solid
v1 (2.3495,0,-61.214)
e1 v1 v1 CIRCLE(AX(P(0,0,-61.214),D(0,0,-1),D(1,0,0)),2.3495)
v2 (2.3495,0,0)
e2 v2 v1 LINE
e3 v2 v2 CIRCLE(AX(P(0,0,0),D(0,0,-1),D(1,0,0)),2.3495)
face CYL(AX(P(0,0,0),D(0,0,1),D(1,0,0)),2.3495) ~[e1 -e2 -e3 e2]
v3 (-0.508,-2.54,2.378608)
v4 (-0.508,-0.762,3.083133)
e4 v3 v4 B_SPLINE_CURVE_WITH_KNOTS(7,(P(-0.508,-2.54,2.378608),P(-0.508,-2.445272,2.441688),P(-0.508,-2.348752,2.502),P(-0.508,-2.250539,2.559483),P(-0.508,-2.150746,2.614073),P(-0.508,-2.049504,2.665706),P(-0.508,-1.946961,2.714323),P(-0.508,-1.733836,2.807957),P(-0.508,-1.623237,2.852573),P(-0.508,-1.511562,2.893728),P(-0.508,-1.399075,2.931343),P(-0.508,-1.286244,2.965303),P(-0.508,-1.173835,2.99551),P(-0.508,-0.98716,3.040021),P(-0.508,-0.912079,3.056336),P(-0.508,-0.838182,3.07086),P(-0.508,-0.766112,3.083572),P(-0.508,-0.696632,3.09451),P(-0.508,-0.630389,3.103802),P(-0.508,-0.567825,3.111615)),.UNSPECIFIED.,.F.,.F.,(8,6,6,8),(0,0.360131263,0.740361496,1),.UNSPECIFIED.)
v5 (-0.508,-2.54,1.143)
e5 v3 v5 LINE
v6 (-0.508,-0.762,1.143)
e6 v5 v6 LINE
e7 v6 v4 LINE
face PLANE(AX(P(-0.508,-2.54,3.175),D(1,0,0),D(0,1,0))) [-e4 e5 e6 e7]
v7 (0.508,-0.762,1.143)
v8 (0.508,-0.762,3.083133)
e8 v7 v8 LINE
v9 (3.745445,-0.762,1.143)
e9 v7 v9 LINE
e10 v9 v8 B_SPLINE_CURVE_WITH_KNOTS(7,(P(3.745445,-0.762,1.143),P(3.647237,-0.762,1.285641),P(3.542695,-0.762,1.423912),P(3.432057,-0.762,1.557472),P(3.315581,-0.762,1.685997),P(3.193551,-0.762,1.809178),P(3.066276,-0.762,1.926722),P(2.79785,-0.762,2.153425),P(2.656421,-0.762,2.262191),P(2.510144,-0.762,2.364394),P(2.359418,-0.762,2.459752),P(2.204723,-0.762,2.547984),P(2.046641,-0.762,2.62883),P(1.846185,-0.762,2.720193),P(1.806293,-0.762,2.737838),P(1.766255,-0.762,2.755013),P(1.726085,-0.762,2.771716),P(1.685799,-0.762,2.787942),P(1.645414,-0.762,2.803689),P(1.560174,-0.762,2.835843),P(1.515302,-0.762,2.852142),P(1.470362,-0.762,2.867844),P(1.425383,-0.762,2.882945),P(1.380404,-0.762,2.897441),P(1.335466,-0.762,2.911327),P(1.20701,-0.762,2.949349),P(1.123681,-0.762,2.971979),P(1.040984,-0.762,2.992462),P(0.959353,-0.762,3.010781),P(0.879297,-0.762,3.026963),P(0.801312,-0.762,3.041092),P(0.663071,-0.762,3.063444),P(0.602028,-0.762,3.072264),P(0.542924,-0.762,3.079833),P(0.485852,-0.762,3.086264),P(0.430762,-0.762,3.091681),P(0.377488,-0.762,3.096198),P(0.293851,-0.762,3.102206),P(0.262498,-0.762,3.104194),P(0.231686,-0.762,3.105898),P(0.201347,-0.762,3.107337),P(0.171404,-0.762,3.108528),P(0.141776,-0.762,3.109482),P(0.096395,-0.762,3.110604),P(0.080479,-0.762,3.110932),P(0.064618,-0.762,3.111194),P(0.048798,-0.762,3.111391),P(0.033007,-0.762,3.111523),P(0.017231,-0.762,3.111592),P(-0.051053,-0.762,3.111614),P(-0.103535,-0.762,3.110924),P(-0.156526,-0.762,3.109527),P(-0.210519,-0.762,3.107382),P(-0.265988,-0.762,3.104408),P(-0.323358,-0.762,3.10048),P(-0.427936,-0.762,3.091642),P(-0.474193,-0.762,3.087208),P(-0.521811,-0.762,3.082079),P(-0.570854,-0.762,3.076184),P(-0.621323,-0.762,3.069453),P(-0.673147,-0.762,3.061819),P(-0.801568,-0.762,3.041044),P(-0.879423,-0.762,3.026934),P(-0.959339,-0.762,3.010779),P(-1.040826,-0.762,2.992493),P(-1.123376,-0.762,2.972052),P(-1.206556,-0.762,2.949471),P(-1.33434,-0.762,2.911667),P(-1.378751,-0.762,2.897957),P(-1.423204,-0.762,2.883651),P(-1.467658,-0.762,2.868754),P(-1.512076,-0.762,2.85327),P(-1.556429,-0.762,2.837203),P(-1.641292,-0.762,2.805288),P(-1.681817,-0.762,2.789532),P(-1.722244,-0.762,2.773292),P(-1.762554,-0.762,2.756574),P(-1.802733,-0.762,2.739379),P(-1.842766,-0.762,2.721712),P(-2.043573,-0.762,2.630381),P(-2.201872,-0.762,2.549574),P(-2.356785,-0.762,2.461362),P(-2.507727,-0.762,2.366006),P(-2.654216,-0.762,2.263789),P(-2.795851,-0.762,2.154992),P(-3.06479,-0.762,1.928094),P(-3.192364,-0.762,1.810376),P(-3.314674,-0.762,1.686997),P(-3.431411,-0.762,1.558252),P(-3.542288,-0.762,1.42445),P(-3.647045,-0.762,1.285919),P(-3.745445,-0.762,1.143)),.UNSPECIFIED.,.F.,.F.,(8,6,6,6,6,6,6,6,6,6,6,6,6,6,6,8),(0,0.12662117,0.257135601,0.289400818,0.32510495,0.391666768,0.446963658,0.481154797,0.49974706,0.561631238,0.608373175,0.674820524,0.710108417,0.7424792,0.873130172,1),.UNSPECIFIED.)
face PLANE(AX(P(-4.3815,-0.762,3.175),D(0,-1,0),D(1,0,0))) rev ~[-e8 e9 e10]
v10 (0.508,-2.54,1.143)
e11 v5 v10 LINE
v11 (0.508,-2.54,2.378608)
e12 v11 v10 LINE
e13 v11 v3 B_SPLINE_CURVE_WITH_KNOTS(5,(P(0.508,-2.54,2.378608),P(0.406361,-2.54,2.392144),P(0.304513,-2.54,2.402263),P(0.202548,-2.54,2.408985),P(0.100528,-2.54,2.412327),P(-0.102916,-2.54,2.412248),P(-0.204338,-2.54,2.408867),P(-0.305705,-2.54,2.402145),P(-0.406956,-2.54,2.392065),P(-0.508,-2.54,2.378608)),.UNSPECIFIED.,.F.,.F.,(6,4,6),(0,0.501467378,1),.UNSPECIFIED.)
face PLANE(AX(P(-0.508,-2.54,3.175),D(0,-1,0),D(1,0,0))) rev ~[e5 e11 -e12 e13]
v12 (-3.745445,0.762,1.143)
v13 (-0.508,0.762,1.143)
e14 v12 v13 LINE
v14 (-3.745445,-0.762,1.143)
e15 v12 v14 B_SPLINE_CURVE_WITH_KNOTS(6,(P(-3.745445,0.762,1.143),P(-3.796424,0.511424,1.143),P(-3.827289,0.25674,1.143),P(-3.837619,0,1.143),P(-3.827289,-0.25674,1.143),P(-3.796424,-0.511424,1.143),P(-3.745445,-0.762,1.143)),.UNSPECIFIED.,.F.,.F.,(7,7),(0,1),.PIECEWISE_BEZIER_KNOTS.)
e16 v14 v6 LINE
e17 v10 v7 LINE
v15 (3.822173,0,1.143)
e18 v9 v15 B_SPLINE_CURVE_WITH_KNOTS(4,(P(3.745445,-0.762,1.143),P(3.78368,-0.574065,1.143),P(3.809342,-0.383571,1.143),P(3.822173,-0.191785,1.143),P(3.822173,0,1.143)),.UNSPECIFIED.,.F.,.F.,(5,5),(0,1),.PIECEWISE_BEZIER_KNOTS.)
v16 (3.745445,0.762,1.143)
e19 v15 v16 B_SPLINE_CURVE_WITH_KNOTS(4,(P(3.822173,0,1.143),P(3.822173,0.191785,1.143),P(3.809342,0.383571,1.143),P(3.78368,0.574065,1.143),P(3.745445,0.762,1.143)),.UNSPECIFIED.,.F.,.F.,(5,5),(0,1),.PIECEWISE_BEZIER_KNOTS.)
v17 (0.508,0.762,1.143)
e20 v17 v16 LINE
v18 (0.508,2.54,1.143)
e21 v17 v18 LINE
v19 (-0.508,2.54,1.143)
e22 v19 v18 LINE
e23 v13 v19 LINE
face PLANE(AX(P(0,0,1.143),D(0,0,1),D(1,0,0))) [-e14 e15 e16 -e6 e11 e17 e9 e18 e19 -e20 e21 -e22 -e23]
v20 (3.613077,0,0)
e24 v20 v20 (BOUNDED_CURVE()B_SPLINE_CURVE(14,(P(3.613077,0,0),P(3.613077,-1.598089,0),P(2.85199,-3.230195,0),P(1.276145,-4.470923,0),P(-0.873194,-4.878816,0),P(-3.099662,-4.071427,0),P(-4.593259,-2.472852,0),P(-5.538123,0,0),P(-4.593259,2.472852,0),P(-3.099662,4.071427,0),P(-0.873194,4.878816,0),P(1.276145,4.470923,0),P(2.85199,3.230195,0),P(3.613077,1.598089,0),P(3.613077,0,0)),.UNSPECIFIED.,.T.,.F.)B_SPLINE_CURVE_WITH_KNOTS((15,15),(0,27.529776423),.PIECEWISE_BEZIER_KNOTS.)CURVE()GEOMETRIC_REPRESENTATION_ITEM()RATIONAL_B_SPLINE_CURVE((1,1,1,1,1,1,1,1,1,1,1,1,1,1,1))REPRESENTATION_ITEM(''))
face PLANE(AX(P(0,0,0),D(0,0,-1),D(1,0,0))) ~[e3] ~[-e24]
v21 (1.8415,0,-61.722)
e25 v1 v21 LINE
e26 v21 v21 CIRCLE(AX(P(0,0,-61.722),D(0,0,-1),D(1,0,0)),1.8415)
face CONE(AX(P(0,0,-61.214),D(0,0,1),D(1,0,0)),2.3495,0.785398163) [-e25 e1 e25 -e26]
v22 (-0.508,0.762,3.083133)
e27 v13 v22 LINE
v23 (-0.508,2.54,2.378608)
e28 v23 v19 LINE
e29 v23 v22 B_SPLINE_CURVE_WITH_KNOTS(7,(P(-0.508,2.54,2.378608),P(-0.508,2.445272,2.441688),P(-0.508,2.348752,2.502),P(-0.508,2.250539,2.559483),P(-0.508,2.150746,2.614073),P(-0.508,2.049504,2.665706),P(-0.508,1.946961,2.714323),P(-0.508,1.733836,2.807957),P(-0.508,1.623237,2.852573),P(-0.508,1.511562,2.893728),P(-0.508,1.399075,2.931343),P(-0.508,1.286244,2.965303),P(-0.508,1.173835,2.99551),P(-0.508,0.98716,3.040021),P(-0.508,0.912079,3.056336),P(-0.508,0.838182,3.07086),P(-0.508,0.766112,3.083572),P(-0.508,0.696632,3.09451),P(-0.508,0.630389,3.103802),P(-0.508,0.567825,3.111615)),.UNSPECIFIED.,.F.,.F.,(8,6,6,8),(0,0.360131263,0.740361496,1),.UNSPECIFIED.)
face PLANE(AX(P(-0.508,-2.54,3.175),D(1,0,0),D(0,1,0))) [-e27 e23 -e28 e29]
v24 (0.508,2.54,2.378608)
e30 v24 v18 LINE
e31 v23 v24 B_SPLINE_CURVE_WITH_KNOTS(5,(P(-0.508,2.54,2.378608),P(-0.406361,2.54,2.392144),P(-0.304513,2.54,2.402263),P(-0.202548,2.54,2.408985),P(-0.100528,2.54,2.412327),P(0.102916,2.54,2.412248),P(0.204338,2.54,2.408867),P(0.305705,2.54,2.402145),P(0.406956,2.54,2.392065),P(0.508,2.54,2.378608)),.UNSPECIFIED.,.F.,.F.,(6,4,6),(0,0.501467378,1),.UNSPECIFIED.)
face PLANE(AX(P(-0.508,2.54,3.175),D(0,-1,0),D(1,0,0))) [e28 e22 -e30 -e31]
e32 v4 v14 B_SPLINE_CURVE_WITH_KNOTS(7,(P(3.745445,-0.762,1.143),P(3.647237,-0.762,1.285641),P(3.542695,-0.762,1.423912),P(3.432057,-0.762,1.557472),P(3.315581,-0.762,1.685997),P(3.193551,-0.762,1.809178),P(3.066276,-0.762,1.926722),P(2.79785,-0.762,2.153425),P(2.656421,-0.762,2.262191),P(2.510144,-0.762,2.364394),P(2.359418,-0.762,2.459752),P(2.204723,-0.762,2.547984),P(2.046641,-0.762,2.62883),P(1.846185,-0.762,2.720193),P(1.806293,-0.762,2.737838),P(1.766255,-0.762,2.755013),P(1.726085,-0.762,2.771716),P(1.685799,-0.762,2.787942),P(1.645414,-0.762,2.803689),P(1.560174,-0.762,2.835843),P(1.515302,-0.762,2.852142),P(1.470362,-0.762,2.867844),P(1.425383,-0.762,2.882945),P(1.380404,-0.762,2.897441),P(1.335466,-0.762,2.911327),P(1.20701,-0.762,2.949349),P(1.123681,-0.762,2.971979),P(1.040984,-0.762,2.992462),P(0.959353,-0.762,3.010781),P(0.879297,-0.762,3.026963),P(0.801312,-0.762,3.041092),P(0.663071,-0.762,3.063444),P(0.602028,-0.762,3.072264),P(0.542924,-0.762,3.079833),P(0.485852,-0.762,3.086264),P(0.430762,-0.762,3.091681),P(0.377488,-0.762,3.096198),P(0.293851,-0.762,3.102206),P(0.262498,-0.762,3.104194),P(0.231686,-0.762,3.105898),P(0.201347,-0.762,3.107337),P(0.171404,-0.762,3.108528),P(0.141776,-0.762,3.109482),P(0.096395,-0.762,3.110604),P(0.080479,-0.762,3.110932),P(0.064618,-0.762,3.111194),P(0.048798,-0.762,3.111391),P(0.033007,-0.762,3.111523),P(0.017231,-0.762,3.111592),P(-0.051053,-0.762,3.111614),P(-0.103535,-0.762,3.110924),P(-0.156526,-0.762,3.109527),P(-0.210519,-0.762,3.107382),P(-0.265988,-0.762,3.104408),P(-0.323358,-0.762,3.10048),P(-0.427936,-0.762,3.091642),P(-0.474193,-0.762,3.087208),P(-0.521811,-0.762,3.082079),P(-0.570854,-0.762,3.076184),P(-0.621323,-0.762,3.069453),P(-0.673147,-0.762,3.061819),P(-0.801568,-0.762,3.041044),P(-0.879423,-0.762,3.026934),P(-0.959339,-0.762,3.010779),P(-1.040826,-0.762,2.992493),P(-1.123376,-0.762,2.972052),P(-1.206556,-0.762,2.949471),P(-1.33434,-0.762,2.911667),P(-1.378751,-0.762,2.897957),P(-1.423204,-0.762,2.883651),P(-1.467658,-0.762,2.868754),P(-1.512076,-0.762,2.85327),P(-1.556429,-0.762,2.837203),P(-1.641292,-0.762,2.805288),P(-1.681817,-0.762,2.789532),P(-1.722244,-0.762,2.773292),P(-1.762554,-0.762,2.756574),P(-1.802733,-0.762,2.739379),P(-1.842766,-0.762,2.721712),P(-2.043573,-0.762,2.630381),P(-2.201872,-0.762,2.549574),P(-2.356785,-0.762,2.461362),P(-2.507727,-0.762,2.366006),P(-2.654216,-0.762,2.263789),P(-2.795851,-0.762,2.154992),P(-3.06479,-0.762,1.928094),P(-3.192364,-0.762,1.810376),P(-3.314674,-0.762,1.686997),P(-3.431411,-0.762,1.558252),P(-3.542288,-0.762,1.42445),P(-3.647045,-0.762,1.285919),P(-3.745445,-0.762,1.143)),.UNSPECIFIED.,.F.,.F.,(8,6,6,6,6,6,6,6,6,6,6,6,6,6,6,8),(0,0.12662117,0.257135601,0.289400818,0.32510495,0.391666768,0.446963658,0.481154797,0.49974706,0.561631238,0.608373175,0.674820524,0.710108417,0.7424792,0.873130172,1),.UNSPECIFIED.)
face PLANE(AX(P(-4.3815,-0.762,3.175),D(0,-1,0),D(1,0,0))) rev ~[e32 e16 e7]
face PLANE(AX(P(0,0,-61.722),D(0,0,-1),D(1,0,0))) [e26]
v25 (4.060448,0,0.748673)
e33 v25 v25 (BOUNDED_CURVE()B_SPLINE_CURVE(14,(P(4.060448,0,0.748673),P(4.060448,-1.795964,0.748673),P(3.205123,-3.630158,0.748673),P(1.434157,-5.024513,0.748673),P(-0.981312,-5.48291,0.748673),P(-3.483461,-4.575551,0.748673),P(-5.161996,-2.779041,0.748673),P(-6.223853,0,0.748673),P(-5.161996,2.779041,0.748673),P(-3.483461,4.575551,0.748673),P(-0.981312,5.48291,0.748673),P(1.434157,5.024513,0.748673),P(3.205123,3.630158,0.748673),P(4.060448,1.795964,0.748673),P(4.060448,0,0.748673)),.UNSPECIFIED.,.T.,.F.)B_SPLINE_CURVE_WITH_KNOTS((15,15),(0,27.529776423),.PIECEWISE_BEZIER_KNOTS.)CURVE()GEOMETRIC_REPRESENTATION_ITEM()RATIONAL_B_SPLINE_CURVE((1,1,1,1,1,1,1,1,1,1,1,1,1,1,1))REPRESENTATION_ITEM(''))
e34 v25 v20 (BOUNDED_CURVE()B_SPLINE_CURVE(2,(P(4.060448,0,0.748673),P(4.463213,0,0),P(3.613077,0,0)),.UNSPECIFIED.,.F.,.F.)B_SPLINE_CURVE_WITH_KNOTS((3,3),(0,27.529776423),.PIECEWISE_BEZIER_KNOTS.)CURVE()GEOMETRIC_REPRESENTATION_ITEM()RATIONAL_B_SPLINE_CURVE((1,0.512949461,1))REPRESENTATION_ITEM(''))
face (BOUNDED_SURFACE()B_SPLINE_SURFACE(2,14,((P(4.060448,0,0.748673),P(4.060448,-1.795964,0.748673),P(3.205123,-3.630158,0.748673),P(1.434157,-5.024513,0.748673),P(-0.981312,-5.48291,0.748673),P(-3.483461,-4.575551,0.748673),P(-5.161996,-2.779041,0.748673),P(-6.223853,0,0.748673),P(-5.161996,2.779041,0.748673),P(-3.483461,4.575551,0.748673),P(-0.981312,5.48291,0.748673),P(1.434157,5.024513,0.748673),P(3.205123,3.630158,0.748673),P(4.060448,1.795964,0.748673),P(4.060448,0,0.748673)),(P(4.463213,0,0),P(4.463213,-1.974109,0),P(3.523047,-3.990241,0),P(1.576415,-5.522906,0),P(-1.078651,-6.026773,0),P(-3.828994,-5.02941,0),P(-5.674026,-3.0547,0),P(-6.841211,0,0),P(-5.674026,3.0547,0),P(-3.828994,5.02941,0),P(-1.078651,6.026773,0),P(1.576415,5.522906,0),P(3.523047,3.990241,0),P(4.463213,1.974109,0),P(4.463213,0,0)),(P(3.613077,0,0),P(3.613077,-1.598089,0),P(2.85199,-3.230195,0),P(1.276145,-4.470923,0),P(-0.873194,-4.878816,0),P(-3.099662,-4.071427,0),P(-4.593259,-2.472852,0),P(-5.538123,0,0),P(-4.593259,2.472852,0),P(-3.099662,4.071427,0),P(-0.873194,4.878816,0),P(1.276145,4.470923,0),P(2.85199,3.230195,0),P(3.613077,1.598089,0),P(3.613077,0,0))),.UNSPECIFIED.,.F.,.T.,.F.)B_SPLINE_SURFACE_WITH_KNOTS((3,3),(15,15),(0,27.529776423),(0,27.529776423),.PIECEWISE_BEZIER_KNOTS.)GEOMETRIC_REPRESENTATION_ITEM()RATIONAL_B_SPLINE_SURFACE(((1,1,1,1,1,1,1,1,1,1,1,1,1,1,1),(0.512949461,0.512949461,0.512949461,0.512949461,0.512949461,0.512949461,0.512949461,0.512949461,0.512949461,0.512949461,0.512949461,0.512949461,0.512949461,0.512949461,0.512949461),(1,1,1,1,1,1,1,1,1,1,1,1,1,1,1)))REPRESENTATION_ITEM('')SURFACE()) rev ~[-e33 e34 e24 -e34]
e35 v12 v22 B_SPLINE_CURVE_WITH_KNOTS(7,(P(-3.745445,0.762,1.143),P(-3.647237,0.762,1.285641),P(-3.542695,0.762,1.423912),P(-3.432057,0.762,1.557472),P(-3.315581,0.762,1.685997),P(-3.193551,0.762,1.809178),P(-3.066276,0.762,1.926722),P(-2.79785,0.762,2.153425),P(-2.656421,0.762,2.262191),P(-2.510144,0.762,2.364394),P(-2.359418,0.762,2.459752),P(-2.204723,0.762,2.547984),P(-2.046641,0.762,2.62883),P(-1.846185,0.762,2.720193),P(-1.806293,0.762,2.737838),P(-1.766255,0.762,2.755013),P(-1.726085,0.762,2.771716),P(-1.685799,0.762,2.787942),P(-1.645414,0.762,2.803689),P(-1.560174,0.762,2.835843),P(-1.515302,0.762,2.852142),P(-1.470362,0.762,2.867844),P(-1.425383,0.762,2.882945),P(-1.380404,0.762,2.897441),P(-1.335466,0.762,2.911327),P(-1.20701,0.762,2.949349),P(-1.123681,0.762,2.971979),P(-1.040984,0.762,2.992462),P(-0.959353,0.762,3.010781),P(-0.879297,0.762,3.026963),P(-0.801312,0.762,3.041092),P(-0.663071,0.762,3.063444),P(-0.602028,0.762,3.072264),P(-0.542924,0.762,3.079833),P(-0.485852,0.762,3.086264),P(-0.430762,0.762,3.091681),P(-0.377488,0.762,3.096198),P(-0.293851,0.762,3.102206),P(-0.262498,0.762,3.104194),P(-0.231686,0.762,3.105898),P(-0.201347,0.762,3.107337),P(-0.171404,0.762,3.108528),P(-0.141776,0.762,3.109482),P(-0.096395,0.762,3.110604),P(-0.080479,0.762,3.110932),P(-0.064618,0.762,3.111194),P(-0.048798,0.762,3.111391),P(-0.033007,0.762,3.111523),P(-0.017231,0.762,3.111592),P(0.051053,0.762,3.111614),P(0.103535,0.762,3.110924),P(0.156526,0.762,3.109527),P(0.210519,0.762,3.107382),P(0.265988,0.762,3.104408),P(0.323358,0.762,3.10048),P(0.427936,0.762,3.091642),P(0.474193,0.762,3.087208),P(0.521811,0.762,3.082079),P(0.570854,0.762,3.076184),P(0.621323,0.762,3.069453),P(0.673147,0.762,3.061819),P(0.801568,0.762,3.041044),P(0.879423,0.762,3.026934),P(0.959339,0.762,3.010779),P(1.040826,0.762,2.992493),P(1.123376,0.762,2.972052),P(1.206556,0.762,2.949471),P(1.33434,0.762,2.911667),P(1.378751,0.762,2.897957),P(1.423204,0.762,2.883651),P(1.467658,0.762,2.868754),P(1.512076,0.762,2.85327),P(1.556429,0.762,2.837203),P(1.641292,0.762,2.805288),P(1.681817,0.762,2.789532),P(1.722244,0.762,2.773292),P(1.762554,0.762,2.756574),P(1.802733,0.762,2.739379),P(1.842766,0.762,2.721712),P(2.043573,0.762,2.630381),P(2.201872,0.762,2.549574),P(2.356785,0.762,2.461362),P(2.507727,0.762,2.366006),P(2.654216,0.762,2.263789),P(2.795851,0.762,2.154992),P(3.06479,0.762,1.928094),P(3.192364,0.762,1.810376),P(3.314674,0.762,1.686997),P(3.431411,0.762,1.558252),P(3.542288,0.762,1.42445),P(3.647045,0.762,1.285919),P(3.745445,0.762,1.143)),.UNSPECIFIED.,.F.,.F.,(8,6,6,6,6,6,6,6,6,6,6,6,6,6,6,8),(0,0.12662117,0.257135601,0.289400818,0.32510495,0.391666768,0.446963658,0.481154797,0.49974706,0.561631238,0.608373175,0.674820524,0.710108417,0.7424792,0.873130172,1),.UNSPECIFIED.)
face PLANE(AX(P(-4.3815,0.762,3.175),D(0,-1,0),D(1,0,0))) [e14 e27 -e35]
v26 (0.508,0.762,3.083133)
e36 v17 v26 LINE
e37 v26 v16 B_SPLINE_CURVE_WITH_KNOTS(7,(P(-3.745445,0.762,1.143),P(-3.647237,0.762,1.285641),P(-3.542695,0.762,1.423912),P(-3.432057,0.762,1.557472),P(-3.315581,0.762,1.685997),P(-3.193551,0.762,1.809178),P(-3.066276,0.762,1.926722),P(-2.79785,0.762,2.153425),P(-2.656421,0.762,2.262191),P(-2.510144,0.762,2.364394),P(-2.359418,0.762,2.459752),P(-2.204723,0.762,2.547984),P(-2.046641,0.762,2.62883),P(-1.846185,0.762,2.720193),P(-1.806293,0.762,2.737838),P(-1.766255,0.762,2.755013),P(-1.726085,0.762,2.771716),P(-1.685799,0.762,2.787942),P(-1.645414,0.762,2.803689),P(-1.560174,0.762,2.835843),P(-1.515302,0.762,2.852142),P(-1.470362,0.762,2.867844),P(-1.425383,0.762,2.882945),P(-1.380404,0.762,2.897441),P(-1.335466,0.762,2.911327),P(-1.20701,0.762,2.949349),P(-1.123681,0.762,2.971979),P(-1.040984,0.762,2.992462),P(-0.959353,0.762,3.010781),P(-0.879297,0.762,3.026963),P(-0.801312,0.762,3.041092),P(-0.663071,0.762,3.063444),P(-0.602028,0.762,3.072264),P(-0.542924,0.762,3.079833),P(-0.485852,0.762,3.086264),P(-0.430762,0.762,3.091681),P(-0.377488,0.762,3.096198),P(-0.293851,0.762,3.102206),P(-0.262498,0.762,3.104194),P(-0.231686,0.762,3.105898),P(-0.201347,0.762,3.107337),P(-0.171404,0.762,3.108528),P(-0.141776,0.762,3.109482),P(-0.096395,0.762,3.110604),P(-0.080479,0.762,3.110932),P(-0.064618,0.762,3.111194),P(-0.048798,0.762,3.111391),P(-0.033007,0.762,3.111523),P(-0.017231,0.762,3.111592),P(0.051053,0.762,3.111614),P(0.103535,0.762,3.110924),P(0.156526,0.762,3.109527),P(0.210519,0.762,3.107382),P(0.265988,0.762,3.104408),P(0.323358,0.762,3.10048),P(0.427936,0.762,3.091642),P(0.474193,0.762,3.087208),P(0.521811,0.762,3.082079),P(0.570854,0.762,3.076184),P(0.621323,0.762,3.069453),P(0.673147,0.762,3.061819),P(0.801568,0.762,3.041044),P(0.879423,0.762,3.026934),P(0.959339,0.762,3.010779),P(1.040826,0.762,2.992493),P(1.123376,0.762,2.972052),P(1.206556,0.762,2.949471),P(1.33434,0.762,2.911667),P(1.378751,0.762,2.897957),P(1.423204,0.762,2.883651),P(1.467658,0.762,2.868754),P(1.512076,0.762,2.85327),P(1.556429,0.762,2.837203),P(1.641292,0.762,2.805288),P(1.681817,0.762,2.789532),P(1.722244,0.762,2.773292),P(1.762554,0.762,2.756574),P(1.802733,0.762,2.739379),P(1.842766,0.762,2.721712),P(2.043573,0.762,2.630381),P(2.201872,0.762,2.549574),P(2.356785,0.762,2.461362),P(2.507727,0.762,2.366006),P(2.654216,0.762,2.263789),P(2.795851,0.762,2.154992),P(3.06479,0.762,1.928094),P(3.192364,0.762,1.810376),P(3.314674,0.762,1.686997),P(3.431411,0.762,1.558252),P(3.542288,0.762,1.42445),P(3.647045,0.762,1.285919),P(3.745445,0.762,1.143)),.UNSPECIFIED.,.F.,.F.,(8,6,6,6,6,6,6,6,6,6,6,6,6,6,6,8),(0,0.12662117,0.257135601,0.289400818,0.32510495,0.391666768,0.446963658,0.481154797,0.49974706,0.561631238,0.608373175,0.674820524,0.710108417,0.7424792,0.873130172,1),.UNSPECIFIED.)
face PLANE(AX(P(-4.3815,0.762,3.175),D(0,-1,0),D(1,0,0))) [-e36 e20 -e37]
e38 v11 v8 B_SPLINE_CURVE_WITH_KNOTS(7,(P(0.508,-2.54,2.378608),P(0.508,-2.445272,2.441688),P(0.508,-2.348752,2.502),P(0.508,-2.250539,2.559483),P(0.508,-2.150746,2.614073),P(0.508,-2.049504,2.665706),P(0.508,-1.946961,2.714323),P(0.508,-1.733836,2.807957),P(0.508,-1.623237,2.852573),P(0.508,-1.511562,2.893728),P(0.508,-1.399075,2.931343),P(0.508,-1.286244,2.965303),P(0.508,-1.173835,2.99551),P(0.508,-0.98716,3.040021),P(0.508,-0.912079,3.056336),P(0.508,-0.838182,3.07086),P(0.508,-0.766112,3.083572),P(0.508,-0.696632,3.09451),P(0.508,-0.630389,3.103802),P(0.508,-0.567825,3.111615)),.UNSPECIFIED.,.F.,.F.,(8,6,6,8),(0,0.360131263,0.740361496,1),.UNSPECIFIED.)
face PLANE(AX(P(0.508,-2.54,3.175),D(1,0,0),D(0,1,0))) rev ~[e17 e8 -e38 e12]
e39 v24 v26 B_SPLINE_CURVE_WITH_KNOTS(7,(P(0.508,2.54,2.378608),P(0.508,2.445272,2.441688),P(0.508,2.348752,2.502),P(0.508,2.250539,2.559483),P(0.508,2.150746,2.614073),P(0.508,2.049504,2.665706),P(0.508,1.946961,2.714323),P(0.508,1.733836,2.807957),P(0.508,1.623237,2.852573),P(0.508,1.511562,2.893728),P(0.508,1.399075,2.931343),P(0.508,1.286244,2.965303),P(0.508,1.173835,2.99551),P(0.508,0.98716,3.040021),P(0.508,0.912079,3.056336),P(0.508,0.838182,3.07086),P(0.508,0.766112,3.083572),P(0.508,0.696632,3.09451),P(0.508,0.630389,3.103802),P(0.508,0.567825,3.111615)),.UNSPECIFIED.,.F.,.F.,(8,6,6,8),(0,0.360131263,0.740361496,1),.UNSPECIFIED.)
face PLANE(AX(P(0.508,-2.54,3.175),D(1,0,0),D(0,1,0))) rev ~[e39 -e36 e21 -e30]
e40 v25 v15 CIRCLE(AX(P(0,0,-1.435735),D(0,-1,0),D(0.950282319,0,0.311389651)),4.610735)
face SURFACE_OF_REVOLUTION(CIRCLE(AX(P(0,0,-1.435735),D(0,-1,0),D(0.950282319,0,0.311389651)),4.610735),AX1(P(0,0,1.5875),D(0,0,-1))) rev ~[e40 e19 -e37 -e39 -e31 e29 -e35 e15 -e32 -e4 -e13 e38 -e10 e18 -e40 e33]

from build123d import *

# Parameters (mm, degrees)
F2_R     = 0.508
F4_W     = 8.763
F4_H     = 1.524
F5_DEPTH = 2.032
F6_W     = 1.016
F6_H     = 5.08
F7_DEPTH = 2.032
F8_R     = 2.3495
F9_DEPTH = 61.722
F10_SIZE = 0.508


with BuildPart() as f1:
    # F0 (on Front) → F1 (revolve)
    with BuildSketch(Plane.XZ):
        with BuildLine():
            ThreePointArc((4.3815, 0), (2.705465, 2.297807), (0, 3.175))
            Line((0, 3.175), (0, 0))
            Line((0, 0), (4.3815, 0))
        make_face()
    revolve(axis=Axis((0, 0, 1.5875), (0, 0, -1)))

    # F2
    f2_edges = [f1.edges().sort_by_distance(p)[0] for p in [
        (-4.3815, 0, 0),
    ]]
    fillet(f2_edges, radius=F2_R)

    # F4 (on plane+point) → F5 (cut)
    with BuildSketch(Plane.XY.offset(3.175)):
        Rectangle(F4_W, F4_H)
    extrude(amount=-F5_DEPTH, mode=Mode.SUBTRACT)

    # F6 (on plane+point) → F7 (cut, through all)
    with BuildSketch(Plane.XY.offset(3.175)):
        Rectangle(F6_W, F6_H)
    extrude(amount=-F7_DEPTH, mode=Mode.SUBTRACT)

    # F8 (on face) → F9 (join)
    with BuildSketch(Plane(origin=(0, 0, 0), x_dir=(1, 0, 0), z_dir=(0, 0, -1))):
        Circle(F8_R)
    extrude(amount=F9_DEPTH)

    # F10
    f10_edges = [f1.edges().sort_by_distance(p)[0] for p in [
        (-2.3495, 0, -61.722),
    ]]
    chamfer(f10_edges, length=F10_SIZE)


solid = f1.part
